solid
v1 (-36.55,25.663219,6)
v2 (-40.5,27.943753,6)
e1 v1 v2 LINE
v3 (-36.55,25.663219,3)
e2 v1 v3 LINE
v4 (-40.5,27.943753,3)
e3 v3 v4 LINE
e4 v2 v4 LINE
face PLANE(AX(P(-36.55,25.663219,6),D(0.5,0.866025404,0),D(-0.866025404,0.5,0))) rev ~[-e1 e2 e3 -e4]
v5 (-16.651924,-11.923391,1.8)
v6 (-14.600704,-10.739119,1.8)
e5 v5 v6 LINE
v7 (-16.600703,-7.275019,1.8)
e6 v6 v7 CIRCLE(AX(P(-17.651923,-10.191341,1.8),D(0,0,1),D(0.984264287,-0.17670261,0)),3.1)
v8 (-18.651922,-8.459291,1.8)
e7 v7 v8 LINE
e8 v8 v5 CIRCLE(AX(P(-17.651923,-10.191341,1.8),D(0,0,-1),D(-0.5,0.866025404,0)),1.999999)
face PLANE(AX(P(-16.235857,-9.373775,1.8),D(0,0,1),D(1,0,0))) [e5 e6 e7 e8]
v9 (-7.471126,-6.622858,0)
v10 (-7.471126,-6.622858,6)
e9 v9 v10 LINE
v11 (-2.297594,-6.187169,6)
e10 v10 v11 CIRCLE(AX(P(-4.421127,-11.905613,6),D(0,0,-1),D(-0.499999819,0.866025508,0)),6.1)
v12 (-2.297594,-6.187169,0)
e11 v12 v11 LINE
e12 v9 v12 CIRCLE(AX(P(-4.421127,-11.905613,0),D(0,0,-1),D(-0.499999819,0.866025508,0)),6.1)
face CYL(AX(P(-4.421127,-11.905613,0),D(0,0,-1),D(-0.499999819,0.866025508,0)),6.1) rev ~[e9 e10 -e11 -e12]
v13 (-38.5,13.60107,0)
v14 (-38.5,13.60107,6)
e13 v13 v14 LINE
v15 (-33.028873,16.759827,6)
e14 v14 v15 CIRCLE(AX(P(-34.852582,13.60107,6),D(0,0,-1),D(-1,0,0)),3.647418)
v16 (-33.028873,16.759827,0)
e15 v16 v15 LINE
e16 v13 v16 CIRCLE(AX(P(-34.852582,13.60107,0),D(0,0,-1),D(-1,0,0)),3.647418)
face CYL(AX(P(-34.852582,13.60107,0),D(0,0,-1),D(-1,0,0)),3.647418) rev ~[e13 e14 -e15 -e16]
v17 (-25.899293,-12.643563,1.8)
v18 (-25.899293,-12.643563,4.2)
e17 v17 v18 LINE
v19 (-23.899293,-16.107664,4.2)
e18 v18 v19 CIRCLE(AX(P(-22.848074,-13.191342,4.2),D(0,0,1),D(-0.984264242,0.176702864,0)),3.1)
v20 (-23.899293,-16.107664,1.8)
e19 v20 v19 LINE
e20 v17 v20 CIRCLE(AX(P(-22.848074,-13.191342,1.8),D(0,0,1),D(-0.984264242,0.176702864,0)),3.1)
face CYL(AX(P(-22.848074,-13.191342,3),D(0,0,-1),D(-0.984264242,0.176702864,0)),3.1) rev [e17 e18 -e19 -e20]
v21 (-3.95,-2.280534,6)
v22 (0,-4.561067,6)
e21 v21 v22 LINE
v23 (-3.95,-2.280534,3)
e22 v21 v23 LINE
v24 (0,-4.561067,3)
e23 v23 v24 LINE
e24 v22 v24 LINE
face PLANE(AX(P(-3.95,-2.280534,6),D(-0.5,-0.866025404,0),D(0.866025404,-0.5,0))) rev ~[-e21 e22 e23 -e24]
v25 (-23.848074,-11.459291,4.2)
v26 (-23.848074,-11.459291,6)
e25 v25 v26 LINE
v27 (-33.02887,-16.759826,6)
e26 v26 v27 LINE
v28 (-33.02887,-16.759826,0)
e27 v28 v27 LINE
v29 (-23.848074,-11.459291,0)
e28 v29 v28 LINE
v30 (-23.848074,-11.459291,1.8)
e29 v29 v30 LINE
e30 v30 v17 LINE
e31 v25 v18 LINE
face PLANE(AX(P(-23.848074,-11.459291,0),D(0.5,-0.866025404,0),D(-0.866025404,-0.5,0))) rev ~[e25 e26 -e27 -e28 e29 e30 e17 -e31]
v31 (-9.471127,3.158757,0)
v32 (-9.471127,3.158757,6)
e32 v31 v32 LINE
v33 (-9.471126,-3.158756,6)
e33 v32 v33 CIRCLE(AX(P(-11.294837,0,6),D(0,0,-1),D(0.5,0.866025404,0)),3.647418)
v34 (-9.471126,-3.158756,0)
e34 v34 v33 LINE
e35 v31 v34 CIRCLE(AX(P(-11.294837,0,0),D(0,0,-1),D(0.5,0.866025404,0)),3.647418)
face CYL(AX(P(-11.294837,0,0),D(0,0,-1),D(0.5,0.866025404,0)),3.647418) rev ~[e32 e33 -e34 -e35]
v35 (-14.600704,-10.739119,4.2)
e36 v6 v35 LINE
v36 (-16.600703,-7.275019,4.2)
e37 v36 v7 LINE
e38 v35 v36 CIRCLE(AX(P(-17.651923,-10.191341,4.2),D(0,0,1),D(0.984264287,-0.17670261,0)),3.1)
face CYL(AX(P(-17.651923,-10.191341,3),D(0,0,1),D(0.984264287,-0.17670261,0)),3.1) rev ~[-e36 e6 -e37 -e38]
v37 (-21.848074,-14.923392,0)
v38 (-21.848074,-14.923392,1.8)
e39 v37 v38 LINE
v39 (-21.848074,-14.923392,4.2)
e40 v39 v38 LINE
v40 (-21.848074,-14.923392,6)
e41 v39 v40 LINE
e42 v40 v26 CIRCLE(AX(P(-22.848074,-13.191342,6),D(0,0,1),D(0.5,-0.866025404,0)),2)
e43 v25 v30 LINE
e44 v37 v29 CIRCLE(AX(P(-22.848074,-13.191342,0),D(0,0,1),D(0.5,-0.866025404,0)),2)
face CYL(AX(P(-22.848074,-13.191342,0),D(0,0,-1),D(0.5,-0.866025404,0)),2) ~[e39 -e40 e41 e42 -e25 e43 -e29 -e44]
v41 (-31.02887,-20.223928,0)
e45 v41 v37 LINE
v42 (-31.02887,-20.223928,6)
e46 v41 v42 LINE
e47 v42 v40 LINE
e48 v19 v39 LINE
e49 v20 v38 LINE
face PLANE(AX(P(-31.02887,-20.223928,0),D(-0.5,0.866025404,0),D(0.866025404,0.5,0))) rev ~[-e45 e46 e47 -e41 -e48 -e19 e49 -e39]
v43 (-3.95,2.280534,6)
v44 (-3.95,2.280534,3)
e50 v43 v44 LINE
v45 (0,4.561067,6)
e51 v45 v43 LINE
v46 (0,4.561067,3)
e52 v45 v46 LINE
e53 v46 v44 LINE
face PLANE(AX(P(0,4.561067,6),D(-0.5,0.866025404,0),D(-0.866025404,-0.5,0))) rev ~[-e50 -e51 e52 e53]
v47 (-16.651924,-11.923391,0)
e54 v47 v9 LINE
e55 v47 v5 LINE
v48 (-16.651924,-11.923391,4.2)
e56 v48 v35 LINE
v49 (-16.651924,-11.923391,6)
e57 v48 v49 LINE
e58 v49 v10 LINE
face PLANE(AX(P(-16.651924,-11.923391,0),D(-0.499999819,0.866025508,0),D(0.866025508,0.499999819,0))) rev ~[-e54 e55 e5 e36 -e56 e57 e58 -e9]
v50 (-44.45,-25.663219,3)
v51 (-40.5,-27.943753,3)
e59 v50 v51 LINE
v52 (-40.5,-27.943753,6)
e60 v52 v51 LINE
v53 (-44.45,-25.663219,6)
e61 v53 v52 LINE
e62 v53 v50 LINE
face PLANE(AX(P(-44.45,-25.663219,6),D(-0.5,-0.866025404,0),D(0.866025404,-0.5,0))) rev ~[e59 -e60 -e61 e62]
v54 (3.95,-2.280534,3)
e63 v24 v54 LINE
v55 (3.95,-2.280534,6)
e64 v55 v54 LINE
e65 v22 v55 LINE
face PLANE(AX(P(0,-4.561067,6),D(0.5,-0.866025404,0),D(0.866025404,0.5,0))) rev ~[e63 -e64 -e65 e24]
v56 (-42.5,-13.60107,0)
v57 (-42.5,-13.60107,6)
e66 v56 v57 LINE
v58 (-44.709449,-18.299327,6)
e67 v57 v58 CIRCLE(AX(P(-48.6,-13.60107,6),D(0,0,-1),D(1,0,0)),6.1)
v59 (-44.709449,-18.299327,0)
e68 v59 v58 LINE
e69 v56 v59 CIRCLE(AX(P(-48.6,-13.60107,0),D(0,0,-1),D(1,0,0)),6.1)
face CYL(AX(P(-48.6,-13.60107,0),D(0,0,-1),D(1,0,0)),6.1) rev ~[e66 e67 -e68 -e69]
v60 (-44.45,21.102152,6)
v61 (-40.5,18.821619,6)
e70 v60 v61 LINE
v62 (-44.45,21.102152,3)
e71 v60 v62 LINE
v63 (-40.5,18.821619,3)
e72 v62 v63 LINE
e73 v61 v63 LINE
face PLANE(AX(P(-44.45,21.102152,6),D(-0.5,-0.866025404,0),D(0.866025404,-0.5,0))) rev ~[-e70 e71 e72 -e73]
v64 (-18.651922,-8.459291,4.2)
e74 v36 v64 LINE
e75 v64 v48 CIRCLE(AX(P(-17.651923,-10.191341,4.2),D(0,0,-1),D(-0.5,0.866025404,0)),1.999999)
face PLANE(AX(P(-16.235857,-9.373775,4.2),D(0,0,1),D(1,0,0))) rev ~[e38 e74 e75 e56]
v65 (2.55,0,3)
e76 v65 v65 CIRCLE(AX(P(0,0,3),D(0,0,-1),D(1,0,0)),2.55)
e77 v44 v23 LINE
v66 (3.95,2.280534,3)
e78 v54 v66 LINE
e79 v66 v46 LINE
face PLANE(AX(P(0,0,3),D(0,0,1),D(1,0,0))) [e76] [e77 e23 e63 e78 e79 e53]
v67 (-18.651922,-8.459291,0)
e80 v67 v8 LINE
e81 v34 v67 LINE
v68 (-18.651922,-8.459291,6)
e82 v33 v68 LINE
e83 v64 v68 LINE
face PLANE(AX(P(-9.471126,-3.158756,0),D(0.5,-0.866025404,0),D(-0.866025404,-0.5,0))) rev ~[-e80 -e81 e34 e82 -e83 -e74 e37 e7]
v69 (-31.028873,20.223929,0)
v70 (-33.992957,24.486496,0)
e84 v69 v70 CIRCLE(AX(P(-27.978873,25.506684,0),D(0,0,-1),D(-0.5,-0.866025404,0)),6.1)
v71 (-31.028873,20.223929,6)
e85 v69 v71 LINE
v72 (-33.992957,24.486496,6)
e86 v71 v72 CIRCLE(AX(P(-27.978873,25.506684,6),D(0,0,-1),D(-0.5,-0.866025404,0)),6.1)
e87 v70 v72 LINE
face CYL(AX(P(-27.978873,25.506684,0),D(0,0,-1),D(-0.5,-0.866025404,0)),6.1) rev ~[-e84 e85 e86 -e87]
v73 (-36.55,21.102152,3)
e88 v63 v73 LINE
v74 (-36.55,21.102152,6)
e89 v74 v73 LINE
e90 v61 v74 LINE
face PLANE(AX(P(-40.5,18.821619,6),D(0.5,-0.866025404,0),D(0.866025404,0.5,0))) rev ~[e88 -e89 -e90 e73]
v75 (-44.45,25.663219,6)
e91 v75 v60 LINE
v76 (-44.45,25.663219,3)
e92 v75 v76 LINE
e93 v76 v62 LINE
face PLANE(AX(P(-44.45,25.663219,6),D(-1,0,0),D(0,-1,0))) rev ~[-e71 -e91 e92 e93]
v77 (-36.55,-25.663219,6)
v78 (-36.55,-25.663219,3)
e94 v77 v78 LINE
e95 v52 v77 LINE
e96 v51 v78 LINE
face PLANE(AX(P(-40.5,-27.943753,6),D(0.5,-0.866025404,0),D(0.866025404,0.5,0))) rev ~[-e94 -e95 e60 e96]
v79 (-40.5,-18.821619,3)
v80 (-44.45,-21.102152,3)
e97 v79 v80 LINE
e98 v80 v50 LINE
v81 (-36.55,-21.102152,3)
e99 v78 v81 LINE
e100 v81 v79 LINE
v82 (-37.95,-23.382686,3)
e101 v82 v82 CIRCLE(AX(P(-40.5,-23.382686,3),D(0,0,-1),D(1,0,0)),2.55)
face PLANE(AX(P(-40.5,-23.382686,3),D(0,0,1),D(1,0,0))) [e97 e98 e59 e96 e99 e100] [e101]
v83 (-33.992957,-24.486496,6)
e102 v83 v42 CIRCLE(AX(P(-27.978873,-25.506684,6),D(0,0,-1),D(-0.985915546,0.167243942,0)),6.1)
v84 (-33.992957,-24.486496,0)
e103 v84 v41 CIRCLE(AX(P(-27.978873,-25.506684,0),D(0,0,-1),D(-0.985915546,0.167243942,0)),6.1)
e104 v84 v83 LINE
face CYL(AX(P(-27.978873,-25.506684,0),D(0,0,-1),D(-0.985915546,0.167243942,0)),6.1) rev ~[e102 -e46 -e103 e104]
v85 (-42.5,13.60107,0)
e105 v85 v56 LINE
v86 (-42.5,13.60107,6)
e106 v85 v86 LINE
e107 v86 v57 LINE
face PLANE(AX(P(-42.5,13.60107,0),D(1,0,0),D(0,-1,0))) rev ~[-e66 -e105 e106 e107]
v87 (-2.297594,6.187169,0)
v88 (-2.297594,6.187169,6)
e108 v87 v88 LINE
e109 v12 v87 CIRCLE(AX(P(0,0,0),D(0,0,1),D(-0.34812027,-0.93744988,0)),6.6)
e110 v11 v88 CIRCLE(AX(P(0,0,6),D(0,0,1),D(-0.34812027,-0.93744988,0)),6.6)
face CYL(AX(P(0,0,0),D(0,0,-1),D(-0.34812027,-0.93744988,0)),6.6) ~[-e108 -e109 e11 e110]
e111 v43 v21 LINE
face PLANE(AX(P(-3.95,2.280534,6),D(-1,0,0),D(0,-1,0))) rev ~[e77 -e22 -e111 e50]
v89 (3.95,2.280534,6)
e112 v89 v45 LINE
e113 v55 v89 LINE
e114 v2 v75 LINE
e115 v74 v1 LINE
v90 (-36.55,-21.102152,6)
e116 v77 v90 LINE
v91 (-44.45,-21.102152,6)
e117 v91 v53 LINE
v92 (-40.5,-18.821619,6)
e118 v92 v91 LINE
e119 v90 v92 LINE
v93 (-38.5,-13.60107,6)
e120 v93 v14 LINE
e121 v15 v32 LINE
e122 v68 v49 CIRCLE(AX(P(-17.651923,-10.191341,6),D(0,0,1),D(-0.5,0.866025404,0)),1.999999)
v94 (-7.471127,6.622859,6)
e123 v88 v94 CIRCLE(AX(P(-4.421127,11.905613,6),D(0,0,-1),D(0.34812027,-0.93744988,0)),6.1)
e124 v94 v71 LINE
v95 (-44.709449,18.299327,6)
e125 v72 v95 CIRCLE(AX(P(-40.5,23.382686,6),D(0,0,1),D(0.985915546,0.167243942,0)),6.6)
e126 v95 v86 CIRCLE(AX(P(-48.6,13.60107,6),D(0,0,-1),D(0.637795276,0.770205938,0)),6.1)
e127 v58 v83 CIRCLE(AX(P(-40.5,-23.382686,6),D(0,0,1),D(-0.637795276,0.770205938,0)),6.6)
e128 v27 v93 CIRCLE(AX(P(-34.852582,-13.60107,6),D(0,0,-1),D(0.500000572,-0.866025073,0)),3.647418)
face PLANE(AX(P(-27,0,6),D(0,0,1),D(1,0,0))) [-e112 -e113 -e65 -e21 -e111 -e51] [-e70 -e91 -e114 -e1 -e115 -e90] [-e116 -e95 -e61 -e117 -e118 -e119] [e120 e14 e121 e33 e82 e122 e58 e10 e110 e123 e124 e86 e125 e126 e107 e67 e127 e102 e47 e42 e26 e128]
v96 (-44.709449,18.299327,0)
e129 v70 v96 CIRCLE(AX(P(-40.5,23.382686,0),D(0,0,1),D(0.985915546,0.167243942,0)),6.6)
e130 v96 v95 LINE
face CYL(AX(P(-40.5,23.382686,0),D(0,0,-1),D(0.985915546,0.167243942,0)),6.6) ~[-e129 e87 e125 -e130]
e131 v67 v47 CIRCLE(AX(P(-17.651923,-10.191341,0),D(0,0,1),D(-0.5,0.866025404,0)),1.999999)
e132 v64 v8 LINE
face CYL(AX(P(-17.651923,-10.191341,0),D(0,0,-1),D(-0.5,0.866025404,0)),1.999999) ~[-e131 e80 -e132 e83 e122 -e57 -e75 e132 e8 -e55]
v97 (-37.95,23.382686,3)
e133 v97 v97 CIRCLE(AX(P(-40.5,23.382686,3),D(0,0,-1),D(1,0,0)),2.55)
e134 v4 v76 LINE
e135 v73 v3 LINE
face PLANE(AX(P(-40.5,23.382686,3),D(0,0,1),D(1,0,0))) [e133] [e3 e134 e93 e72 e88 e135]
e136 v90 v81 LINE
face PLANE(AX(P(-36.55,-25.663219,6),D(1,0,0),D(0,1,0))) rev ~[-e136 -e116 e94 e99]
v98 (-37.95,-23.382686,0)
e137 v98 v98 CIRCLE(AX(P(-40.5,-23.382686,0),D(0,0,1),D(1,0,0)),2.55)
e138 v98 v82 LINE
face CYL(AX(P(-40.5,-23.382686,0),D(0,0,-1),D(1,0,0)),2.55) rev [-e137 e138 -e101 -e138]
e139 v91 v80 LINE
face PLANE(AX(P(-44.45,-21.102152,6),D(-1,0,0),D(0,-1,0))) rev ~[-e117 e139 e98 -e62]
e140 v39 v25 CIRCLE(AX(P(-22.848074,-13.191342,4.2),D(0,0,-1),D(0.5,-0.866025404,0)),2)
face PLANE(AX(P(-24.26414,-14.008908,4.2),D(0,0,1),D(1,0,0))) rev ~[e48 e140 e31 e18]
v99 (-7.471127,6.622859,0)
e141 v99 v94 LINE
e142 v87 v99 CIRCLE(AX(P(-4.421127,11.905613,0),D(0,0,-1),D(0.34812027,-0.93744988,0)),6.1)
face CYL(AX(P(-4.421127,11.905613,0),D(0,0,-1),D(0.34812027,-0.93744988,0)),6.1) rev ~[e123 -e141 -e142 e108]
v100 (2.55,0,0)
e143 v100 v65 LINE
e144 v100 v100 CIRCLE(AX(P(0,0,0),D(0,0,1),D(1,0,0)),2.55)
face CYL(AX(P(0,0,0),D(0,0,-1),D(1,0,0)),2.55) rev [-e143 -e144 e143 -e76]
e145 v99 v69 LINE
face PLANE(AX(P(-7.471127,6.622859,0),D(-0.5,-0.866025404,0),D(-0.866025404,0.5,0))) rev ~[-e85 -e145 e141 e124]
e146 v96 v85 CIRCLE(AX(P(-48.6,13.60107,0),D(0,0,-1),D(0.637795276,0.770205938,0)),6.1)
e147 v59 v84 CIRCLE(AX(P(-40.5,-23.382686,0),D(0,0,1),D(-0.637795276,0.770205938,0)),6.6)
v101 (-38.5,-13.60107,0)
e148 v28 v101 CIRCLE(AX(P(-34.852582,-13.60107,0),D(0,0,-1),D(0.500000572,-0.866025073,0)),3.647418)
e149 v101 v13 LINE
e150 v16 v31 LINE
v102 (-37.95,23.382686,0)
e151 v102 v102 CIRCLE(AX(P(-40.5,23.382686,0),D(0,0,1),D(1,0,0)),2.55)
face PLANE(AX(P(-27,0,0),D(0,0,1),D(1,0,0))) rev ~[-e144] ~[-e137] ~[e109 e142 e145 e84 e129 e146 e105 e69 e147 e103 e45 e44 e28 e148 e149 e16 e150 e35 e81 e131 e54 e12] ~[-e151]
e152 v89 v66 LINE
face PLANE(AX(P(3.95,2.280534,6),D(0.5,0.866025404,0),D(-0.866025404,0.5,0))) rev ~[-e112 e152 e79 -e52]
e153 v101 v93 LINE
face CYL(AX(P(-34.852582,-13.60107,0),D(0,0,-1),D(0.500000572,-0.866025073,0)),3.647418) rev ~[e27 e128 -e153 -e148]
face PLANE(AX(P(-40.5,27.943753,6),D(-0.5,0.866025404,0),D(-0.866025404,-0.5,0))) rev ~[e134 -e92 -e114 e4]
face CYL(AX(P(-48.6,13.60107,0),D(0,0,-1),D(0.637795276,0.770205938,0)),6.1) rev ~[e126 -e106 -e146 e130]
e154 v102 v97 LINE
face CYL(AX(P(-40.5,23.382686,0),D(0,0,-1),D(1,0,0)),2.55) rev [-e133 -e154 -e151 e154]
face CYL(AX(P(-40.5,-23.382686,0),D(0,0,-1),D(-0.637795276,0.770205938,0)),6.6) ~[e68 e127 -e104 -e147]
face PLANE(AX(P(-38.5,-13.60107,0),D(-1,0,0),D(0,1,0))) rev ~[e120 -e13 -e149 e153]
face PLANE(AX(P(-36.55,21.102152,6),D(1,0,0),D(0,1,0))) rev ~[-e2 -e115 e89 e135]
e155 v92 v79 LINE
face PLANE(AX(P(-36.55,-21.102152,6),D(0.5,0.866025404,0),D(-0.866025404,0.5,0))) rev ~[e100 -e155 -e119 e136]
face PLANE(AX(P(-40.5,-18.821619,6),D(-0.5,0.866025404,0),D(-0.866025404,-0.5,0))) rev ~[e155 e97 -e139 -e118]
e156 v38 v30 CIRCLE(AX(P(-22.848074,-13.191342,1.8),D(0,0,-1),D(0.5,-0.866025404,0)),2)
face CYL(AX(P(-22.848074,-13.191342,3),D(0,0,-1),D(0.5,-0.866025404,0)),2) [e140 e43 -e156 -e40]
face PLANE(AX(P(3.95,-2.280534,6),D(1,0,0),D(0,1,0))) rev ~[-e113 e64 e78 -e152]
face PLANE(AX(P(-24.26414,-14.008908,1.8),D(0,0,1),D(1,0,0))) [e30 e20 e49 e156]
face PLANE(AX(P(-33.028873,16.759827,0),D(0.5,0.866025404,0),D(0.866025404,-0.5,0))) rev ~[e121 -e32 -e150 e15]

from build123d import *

# Parameters (mm, degrees)
F0_R     = 2.55
F1_DEPTH = 6
F3_DEPTH = 3
F6_DEPTH = 1.2


with BuildPart() as f1:
    # F0 (on Top) → F1 (new body)
    with BuildSketch(Plane.XY):
        with BuildLine():
            ThreePointArc((-31.0288725662, 20.2239290055), (-32.9870436526, 22.0241242247), (-33.9929573966, 24.4864959209))
            ThreePointArc((-33.9929573966, 24.4864959209), (-43.8, 29.0984535672), (-44.7094488189, 18.2993267135))
            ThreePointArc((-44.7094488189, 18.2993267135), (-43.0799292484, 16.196994009), (-42.5, 13.6010704937))
            Line((-42.5, 13.6010704937), (-42.5, -13.6010704937))
            ThreePointArc((-42.5, -13.6010704937), (-43.0799292484, -16.196994009), (-44.7094488189, -18.2993267135))
            ThreePointArc((-44.7094488189, -18.2993267135), (-43.8, -29.0984535672), (-33.9929573966, -24.4864959209))
            ThreePointArc((-33.9929573966, -24.4864959209), (-32.9870429643, -22.0241232349), (-31.0288704781, -20.2239277999))
            Line((-31.0288704781, -20.2239277999), (-21.8480739571, -14.9233924572))
            ThreePointArc((-21.8480739571, -14.9233924572), (-21.1160231495, -12.1913416496), (-23.8480739571, -11.459290842))
            Line((-23.8480739571, -11.459290842), (-33.0288704781, -16.7598261848))
            ThreePointArc((-33.0288704781, -16.7598261848), (-36.6762898114, -16.7598279931), (-38.5, -13.6010704937))
            Line((-38.5, -13.6010704937), (-38.5, 13.6010704937))
            ThreePointArc((-38.5, 13.6010704937), (-36.6762908554, 16.7598273904), (-33.0288725662, 16.7598273904))
            Line((-33.0288725662, 16.7598273904), (-9.4711274338, 3.1587568967))
            ThreePointArc((-9.4711274338, 3.1587568967), (-7.6474182892, 6.361e-07), (-9.471126332, -3.1587562606))
            Line((-9.471126332, -3.1587562606), (-18.6519224918, -8.4592913948))
            ThreePointArc((-18.6519224918, -8.4592913948), (-19.383972999, -11.1913405115), (-16.6519239586, -11.9233913037))
            Line((-16.6519239586, -11.9233913037), (-7.471126332, -6.6228578757))
            ThreePointArc((-7.471126332, -6.6228578757), (-4.9330264651, -5.8271301623), (-2.2975937845, -6.1871692074))
            ThreePointArc((-2.2975937845, -6.1871692074), (6.6, 0), (-2.2975937845, 6.1871692074))
            ThreePointArc((-2.2975937845, 6.1871692074), (-4.933027099, 5.8271302157), (-7.4711274338, 6.6228585118))
            Line((-7.4711274338, 6.6228585118), (-31.0288725662, 20.2239290055))
        make_face()
        with Locations((-40.5, -23.3826859022)):
            Circle(F0_R, mode=Mode.SUBTRACT)
        Circle(F0_R, mode=Mode.SUBTRACT)
        with Locations((-40.5, 23.3826859022)):
            Circle(F0_R, mode=Mode.SUBTRACT)
    extrude(amount=F1_DEPTH)

    # F2 (on face) → F3 (cut)
    with BuildSketch(Plane.XY.offset(6)):
        Polygon((-36.55, 21.1021523389), (-36.55, 25.6632194655), (-40.5, 27.9437530288), (-44.45, 25.6632194655), (-44.45, 21.1021523389), (-40.5, 18.8216187756), align=None)
        Polygon((-36.55, -25.6632194655), (-36.55, -21.1021523389), (-40.5, -18.8216187756), (-44.45, -21.1021523389), (-44.45, -25.6632194655), (-40.5, -27.9437530288), align=None)
        Polygon((-3.95, 2.2805335633), (-3.95, -2.2805335633), (0, -4.5610671266), (3.95, -2.2805335633), (3.95, 2.2805335633), (0, 4.5610671266), align=None)
    extrude(amount=-F3_DEPTH, mode=Mode.SUBTRACT)

    # F5 (on mid) → F6 (cut, symmetric)
    with BuildSketch(Plane.XY.offset(3)):
        with BuildLine():
            Line((-23.8480739571, -11.459290842), (-25.8992931068, -12.6435627702))
            ThreePointArc((-25.8992931068, -12.6435627702), (-25.5327527088, -14.7413416496), (-23.8992931068, -16.1076643854))
            Line((-23.8992931068, -16.1076643854), (-21.8480739571, -14.9233924572))
            ThreePointArc((-21.8480739571, -14.9233924572), (-24.5801247646, -14.1913416496), (-23.8480739571, -11.459290842))
        make_face()
        with BuildLine():
            ThreePointArc((-18.6519224918, -8.4592913948), (-15.9198730901, -9.1913419783), (-16.6519239586, -11.9233913037))
            Line((-16.6519239586, -11.9233913037), (-14.6007037534, -10.7391193365))
            ThreePointArc((-14.6007037534, -10.7391193365), (-14.9672441312, -8.6413415249), (-16.6007025337, -7.2750189998))
            Line((-16.6007025337, -7.2750189998), (-18.6519224918, -8.4592913948))
        make_face()
    extrude(amount=F6_DEPTH, both=True, mode=Mode.SUBTRACT)


solid = f1.part
